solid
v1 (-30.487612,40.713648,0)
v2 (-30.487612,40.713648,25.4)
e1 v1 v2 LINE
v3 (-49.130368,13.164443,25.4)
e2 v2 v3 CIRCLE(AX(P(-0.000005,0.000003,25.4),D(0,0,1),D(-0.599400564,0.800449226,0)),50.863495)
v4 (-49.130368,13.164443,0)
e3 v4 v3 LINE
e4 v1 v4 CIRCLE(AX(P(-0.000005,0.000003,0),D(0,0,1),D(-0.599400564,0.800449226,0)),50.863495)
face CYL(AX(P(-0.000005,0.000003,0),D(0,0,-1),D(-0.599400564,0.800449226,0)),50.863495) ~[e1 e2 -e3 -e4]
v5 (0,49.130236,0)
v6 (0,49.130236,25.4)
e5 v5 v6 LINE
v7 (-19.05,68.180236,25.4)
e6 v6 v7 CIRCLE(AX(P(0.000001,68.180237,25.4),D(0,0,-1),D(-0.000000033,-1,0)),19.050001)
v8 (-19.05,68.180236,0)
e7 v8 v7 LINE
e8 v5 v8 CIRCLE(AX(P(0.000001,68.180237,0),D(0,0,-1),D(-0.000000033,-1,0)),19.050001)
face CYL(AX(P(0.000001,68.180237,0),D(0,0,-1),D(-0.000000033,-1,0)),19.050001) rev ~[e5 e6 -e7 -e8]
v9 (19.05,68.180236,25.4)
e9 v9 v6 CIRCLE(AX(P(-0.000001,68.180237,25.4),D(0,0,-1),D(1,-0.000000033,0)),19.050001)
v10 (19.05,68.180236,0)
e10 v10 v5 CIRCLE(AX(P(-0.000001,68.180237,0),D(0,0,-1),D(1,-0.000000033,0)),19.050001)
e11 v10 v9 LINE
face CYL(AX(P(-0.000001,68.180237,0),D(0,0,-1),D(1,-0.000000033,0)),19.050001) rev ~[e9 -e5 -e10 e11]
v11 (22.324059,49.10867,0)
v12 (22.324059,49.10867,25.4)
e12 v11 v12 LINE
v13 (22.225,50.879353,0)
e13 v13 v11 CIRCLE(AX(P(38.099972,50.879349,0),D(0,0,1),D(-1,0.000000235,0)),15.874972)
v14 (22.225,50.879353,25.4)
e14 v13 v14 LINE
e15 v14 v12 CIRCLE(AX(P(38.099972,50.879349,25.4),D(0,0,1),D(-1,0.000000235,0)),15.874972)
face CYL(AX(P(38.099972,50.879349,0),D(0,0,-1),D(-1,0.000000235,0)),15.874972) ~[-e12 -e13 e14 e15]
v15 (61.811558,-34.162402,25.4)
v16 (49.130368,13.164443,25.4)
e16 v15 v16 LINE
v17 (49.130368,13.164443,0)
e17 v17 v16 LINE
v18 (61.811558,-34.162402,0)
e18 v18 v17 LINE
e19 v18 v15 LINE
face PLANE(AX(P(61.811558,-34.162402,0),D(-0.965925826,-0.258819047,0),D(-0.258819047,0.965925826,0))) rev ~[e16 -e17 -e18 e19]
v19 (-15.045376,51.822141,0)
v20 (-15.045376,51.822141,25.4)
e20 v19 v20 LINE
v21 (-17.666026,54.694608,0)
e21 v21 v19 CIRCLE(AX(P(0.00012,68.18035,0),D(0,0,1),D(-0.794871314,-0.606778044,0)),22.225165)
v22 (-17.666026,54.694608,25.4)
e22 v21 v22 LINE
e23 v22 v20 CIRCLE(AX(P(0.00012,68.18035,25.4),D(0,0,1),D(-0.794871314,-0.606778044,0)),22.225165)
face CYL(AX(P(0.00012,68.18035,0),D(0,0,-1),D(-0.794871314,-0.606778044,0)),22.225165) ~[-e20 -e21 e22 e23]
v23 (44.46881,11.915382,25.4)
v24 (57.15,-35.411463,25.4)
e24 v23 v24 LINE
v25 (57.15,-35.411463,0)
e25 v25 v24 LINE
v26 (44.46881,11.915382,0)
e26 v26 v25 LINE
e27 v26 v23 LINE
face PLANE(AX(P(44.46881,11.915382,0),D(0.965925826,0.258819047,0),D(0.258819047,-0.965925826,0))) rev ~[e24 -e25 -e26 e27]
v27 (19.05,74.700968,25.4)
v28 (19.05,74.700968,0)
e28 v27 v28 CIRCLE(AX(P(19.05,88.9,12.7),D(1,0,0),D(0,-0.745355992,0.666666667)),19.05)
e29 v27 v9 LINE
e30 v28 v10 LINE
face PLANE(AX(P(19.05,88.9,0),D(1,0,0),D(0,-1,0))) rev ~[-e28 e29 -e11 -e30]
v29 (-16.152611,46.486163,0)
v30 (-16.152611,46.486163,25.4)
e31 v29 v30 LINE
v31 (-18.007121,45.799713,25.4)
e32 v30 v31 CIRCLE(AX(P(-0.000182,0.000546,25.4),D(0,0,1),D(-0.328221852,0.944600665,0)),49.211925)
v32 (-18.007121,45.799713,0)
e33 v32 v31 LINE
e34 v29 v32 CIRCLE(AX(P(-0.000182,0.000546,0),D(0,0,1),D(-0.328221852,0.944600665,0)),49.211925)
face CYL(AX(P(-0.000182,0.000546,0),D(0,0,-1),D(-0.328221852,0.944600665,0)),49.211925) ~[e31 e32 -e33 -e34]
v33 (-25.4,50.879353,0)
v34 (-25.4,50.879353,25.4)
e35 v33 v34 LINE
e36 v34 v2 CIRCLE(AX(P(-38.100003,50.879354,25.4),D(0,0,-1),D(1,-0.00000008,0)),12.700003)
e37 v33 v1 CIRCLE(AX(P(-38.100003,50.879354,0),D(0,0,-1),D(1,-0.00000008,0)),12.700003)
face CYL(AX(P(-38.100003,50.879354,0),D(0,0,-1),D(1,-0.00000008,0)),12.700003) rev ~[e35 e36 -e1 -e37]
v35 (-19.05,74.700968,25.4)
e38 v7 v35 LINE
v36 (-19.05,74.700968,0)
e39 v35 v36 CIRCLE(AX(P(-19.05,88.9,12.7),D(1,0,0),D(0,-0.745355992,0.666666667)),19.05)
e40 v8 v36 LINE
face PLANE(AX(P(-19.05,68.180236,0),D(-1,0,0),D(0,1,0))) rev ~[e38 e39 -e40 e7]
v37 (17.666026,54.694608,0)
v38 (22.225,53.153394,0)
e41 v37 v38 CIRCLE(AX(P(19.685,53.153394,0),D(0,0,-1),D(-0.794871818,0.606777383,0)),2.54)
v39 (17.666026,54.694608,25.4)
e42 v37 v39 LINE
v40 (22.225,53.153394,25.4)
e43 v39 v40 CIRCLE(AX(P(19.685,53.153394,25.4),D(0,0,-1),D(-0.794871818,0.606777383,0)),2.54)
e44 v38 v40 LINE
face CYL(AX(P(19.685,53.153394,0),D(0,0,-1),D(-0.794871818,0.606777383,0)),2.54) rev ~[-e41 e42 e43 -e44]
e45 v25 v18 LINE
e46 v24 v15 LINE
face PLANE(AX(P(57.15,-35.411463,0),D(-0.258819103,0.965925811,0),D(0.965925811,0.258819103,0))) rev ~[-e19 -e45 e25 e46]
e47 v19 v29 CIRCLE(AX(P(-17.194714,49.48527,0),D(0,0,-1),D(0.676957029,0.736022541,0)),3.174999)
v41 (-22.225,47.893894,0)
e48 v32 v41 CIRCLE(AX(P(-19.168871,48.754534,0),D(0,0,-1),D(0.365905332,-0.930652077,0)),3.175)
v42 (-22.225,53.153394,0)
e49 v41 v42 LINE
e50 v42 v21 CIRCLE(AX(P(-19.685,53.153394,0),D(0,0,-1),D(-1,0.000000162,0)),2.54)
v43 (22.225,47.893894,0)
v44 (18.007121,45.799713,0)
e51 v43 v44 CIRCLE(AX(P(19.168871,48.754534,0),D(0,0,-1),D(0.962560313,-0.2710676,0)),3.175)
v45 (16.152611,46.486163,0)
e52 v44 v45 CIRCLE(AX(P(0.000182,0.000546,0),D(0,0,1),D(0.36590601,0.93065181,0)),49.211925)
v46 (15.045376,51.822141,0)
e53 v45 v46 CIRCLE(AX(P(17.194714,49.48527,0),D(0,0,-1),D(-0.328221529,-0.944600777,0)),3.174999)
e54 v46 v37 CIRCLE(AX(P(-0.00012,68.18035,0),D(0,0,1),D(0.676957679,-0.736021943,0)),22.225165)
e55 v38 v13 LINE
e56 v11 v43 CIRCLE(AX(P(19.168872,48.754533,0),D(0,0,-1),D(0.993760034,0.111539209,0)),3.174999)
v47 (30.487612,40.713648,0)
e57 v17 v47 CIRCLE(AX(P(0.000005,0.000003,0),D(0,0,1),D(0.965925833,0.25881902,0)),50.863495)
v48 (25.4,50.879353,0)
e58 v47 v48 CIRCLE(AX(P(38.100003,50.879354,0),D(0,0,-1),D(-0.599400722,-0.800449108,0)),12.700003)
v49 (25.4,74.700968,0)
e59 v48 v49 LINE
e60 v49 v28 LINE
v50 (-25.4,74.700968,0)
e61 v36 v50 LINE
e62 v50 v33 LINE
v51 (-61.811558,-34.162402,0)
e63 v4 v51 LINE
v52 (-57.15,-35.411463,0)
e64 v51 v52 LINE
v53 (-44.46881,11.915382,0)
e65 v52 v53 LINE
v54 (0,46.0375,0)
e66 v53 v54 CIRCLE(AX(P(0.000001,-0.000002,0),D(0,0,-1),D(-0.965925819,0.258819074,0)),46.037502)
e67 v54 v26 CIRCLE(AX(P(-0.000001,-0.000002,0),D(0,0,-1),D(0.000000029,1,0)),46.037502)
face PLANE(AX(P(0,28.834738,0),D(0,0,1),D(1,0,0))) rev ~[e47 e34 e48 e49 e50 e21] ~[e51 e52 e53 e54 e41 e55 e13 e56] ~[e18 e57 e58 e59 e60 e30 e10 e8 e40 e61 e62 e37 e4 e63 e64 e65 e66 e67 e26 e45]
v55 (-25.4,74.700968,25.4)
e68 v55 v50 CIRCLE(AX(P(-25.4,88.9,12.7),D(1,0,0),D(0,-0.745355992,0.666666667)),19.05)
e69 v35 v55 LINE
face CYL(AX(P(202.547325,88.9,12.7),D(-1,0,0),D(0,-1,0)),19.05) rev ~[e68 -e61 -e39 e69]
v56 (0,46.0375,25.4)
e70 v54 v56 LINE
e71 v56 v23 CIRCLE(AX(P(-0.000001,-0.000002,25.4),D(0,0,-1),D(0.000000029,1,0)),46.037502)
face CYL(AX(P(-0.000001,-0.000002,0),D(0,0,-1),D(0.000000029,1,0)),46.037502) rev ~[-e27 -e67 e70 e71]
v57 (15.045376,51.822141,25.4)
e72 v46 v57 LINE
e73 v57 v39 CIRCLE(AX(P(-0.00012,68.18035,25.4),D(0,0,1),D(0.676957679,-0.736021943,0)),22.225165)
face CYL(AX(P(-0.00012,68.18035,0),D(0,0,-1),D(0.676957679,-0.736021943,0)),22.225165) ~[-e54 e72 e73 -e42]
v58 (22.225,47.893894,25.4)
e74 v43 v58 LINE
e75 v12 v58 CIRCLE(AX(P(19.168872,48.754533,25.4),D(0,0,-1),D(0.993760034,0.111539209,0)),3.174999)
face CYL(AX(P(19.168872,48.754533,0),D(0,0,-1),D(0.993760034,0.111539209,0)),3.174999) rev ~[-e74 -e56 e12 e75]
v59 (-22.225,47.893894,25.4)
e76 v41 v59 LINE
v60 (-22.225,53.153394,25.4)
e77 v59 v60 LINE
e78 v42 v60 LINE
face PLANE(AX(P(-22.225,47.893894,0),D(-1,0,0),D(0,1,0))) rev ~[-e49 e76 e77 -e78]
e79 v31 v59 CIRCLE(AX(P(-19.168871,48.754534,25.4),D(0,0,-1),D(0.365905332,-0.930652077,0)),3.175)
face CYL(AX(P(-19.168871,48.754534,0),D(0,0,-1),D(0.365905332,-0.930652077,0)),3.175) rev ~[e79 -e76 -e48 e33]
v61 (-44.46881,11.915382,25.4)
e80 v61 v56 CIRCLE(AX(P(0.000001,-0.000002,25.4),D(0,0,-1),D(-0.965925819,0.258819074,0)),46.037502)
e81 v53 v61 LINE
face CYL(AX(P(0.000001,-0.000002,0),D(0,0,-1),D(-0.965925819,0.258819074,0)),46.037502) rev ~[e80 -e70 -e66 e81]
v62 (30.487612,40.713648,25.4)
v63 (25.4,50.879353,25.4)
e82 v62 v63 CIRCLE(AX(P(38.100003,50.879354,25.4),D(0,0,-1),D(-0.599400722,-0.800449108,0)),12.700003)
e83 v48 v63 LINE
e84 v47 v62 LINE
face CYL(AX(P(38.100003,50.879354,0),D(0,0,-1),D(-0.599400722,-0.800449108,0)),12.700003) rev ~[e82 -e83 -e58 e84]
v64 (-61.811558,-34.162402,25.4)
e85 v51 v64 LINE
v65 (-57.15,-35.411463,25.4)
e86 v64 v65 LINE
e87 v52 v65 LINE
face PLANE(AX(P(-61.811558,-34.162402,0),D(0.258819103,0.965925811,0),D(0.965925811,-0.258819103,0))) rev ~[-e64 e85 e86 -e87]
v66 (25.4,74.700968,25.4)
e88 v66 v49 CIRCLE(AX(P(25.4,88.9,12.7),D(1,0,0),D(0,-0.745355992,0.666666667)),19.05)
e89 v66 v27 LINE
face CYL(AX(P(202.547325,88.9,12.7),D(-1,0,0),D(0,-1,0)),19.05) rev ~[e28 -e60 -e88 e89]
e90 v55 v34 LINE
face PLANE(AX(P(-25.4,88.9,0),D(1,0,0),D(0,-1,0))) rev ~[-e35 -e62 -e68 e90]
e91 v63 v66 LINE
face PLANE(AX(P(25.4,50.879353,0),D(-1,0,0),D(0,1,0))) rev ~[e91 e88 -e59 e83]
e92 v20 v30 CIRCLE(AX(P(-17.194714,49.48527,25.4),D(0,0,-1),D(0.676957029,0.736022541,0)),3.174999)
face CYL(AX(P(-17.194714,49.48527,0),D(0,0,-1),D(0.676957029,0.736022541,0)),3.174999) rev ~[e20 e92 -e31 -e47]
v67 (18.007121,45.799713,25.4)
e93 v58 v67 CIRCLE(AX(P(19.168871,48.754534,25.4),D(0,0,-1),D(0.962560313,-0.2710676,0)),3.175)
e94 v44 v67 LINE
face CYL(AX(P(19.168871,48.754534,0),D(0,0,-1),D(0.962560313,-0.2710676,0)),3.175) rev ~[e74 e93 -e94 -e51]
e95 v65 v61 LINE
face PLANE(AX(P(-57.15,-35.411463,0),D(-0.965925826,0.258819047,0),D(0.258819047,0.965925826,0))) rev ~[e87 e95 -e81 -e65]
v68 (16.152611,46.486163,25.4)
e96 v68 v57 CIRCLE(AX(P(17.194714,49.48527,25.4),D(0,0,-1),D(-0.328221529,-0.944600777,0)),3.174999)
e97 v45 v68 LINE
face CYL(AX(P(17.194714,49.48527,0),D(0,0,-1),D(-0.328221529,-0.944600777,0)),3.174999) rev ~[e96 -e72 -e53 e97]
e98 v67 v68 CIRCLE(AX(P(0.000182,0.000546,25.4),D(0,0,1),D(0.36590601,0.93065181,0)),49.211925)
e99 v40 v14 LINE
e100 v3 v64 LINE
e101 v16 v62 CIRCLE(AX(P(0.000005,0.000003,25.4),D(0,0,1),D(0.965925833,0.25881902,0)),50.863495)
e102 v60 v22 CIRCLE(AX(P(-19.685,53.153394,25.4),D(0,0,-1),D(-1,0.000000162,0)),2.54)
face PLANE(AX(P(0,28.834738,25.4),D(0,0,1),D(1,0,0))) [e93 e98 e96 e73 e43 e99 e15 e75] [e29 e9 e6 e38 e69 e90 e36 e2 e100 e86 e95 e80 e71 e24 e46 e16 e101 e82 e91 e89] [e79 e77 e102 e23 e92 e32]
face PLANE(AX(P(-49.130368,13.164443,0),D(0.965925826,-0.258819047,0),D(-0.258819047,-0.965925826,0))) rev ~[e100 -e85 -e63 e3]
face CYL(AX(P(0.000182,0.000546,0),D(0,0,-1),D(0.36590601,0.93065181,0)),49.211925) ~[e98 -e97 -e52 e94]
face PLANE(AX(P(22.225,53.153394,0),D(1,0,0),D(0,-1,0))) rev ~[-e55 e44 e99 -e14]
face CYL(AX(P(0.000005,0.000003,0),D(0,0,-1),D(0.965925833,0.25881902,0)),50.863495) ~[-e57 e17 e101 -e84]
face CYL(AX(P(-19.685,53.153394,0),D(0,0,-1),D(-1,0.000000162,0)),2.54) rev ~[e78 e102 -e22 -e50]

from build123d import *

# Parameters (mm, degrees)
F1_DEPTH = 25.4
F3_D     = 38.1


with BuildPart() as f1:
    # F0 (on Top) → F1 (new body)
    with BuildSketch(Plane.XY):
        with BuildLine():
            ThreePointArc((0, 46.0375), (28.025854, 36.524004), (44.46881, 11.915382))
            Line((44.46881, 11.915382), (57.15, -35.411463))
            Line((57.15, -35.411463), (61.811558, -34.162402))
            Line((61.811558, -34.162402), (49.130368, 13.164443))
            ThreePointArc((49.130368, 13.164443), (42.12476, 28.506144), (30.487612, 40.713648))
            ThreePointArc((30.487612, 40.713648), (26.742903, 45.195486), (25.4, 50.879353))
            Line((25.4, 50.879353), (25.4, 88.9))
            Line((25.4, 88.9), (19.05, 88.9))
            Line((19.05, 88.9), (19.05, 68.180236))
            ThreePointArc((19.05, 68.180236), (13.470384, 54.709852), (0, 49.130236))
            ThreePointArc((0, 49.130236), (-13.470384, 54.709852), (-19.05, 68.180236))
            Line((-19.05, 68.180236), (-19.05, 88.9))
            Line((-19.05, 88.9), (-25.4, 88.9))
            Line((-25.4, 88.9), (-25.4, 50.879353))
            ThreePointArc((-25.4, 50.879353), (-26.742903, 45.195486), (-30.487612, 40.713648))
            ThreePointArc((-30.487612, 40.713648), (-42.12476, 28.506144), (-49.130368, 13.164443))
            Line((-49.130368, 13.164443), (-61.811558, -34.162402))
            Line((-61.811558, -34.162402), (-57.15, -35.411463))
            Line((-57.15, -35.411463), (-44.46881, 11.915382))
            ThreePointArc((-44.46881, 11.915382), (-28.025854, 36.524004), (0, 46.0375))
        make_face()
        with BuildLine():
            ThreePointArc((-17.666026, 54.694608), (-16.418639, 53.200954), (-15.045376, 51.822141))
            ThreePointArc((-15.045376, 51.822141), (-14.085938, 48.840187), (-16.152611, 46.486163))
            ThreePointArc((-16.152611, 46.486163), (-17.083314, 46.152254), (-18.007121, 45.799713))
            ThreePointArc((-18.007121, 45.799713), (-20.580808, 45.910758), (-22.225, 47.893894))
            Line((-22.225, 47.893894), (-22.225, 53.153394))
            ThreePointArc((-22.225, 53.153394), (-20.498451, 55.559614), (-17.666026, 54.694608))
        make_face(mode=Mode.SUBTRACT)
        with BuildLine():
            ThreePointArc((17.666026, 54.694608), (20.498451, 55.559614), (22.225, 53.153394))
            Line((22.225, 53.153394), (22.225, 50.879353))
            ThreePointArc((22.225, 50.879353), (22.249784, 49.992627), (22.324059, 49.10867))
            ThreePointArc((22.324059, 49.10867), (22.333367, 48.496484), (22.225, 47.893894))
            ThreePointArc((22.225, 47.893894), (20.580808, 45.910758), (18.007121, 45.799713))
            ThreePointArc((18.007121, 45.799713), (17.083314, 46.152254), (16.152611, 46.486163))
            ThreePointArc((16.152611, 46.486163), (14.085938, 48.840187), (15.045376, 51.822141))
            ThreePointArc((15.045376, 51.822141), (16.418639, 53.200954), (17.666026, 54.694608))
        make_face(mode=Mode.SUBTRACT)
    extrude(amount=F1_DEPTH)

    # F3 (through all)
    with Locations(Plane.YZ.offset(25.4)):
        with Locations((88.9, 12.7)):
            Hole(F3_D / 2)


solid = f1.part
